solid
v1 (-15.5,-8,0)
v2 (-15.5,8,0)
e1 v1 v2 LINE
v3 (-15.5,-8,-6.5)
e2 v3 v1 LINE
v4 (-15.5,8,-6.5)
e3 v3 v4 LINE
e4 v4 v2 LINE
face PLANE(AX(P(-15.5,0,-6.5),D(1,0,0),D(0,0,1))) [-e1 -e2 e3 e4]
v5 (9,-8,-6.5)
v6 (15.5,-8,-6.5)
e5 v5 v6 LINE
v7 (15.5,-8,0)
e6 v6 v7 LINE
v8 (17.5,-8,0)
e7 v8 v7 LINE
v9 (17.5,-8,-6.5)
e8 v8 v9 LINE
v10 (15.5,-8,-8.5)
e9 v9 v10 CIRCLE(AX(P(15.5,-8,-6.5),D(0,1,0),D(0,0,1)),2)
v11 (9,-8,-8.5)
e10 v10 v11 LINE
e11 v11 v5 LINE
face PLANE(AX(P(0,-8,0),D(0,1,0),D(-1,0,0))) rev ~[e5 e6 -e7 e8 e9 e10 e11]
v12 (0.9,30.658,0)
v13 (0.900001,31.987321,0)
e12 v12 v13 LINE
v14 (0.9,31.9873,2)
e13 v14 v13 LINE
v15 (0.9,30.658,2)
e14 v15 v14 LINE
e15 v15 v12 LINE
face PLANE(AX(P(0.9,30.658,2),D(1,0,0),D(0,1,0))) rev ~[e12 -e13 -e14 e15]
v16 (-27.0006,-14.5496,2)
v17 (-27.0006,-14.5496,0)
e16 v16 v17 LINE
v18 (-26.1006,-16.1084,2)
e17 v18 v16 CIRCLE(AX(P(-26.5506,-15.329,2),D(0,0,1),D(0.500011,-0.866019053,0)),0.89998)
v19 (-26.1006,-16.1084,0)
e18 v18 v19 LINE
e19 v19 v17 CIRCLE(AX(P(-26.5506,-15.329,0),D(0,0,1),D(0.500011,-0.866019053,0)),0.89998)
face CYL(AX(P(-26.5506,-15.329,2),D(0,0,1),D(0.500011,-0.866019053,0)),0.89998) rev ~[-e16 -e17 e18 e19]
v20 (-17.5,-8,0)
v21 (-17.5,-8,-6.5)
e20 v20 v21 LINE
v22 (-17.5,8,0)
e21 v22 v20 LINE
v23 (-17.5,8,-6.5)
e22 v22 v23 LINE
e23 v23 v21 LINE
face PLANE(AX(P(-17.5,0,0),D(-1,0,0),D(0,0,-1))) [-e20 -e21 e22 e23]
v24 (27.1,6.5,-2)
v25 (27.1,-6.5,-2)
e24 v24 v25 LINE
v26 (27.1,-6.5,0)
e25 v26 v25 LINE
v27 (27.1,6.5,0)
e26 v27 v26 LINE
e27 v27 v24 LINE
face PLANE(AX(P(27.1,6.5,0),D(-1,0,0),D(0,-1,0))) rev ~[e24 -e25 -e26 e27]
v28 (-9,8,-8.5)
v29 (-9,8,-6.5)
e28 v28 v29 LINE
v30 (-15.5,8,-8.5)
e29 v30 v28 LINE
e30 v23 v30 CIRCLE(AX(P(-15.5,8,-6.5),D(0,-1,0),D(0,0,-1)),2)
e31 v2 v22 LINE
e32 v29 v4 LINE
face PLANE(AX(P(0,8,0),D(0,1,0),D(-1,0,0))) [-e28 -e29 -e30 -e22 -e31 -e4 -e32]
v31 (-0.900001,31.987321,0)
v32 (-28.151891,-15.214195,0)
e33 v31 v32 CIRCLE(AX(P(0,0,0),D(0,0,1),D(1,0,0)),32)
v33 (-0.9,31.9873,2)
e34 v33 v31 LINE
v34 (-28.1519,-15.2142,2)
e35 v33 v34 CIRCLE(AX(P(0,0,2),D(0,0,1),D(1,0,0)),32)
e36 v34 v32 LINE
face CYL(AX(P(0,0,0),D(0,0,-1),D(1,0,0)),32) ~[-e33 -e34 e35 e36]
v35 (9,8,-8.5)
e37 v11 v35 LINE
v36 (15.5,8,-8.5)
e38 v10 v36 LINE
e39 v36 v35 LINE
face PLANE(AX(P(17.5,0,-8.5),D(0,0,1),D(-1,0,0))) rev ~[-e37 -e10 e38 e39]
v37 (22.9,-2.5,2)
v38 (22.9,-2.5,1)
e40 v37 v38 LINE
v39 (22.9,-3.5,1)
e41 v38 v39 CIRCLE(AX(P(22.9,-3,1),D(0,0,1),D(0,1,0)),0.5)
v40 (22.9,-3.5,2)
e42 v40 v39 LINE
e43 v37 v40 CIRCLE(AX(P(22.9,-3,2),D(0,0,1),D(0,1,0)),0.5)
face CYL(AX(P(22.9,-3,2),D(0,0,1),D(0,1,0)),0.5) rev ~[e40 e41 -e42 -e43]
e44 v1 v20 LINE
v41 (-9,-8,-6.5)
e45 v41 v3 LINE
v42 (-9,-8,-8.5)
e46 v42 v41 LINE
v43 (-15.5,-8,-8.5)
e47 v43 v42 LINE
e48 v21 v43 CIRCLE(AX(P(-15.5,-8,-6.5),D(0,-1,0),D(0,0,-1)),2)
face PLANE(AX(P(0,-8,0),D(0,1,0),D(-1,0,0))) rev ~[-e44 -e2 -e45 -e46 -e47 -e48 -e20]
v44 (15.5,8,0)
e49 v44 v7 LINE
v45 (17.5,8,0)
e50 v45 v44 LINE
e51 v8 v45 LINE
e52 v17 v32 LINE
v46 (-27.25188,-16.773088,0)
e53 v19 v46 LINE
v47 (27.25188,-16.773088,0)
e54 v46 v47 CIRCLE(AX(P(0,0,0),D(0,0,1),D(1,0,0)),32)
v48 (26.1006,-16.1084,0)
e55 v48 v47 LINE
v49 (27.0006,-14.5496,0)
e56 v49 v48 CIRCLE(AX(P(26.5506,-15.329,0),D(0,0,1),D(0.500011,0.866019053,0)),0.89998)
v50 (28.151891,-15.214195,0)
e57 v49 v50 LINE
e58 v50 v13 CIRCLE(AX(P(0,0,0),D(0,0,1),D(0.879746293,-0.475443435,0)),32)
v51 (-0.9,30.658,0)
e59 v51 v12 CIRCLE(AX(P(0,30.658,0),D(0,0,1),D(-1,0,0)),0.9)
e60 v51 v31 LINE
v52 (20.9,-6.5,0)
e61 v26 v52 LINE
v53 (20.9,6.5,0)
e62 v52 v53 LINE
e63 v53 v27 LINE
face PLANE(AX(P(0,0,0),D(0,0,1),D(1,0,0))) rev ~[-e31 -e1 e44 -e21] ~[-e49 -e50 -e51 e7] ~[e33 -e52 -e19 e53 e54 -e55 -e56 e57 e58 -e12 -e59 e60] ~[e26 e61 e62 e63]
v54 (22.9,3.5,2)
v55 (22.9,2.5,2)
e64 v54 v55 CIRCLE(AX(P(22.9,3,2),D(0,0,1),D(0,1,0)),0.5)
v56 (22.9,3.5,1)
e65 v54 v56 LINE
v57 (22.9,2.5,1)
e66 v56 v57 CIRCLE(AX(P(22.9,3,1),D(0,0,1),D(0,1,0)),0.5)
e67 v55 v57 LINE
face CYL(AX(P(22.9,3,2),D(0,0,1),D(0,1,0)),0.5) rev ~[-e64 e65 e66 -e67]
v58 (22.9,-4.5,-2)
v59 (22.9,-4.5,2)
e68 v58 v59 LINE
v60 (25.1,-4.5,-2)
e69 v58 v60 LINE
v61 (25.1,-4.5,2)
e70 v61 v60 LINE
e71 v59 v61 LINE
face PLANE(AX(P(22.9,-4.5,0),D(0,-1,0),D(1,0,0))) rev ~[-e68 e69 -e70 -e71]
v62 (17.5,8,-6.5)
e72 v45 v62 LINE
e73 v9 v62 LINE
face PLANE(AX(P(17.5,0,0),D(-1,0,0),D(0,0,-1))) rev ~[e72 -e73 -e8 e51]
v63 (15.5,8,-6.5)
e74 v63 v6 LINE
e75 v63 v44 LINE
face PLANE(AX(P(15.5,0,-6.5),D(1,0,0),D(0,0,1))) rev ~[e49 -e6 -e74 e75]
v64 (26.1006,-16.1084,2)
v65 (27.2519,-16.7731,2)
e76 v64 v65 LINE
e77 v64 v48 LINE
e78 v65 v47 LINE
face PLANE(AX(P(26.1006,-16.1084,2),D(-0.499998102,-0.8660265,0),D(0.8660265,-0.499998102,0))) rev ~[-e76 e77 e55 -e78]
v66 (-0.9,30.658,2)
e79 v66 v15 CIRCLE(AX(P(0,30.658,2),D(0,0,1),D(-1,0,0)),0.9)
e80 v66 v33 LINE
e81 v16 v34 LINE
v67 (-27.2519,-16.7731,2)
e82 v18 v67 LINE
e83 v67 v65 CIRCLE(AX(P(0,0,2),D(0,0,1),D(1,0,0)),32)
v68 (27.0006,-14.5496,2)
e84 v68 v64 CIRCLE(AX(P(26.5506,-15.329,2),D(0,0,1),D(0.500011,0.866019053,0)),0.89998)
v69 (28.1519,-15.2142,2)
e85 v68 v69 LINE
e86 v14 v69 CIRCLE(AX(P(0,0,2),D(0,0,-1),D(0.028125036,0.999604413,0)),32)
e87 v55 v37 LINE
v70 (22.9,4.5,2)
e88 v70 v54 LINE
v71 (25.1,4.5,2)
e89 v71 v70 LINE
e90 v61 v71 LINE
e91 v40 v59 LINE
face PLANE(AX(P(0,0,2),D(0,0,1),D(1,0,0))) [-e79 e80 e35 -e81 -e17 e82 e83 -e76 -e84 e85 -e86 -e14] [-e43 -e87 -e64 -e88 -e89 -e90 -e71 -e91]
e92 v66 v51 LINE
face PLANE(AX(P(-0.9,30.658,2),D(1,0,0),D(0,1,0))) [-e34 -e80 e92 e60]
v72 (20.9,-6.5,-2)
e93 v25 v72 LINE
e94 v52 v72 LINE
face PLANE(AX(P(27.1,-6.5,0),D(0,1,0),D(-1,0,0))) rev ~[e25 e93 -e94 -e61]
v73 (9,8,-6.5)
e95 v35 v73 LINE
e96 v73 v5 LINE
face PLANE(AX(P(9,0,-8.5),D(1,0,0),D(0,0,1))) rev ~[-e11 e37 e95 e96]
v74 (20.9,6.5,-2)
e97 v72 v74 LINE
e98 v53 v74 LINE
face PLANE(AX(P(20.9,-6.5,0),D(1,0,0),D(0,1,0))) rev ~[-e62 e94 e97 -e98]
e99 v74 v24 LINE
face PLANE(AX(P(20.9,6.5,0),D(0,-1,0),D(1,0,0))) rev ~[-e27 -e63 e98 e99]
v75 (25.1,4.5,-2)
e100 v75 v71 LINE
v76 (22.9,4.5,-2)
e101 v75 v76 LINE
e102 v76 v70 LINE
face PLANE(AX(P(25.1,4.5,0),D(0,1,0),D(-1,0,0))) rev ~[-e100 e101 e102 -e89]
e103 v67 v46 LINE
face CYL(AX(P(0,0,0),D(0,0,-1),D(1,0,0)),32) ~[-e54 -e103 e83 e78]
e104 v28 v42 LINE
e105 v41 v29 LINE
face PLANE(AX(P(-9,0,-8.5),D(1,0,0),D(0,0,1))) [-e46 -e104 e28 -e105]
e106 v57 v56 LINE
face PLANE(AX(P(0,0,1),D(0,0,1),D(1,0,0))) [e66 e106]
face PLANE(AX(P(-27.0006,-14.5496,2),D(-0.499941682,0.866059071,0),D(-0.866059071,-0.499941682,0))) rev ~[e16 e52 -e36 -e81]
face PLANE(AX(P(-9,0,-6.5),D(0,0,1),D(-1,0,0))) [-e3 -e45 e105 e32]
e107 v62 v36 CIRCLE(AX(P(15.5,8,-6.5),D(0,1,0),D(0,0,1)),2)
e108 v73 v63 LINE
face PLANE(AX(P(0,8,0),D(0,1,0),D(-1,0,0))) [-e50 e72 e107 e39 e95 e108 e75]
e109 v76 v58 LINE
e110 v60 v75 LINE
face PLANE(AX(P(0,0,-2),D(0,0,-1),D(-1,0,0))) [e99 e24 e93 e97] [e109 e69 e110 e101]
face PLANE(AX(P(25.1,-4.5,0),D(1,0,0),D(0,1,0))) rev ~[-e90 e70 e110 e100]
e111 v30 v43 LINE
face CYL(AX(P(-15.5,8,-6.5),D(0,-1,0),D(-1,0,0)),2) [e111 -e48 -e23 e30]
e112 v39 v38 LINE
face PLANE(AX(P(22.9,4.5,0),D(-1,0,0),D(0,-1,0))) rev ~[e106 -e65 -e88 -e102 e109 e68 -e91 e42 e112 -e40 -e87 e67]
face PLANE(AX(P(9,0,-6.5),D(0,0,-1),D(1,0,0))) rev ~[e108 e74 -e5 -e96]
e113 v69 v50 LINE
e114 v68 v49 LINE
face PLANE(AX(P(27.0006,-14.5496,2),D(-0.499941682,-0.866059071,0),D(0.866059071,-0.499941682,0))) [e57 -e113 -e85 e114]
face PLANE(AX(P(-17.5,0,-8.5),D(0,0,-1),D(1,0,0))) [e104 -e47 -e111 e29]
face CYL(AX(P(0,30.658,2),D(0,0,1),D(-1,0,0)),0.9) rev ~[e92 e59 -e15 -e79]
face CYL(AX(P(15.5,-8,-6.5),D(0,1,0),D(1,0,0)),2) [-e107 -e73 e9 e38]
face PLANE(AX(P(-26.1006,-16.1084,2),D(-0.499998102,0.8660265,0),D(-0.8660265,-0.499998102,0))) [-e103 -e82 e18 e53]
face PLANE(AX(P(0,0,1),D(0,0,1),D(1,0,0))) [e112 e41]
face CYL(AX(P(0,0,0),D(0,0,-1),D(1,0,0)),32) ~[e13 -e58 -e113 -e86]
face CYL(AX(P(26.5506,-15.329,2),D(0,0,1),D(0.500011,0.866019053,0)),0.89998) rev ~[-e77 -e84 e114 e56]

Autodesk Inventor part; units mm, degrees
ref_plane "YZ Plane" through (0, 0, 0) normal (1, 0, 0) x (0, 1, 0)
ref_plane "XZ Plane" through (0, 0, 0) normal (0, 1, 0) x (-1, 0, 0)
ref_plane "XY Plane" through (0, 0, 0) normal (0, 0, 1) x (1, 0, 0)
sketch "Sketch1" plane through (0, 0, 0) normal (0, 0, 1) x (1, 0, 0)
  circle A0 centre (0, 0) radius 32
  dimension "d0" = 64
extrude "Extrusion1" add sketch "Sketch1" along normal blind 2
sketch "Sketch2" plane through (0, 0, 2) normal (0, 0, 1) x (1, 0, 0)
  line L0 (0, 0) -> (0, 32) construction
  circle A0 centre (0, 0) radius 32 construction
  arc A1 (-0.9, 30.658) -> (0.9, 30.658) centre (0, 30.658) ccw
  line L1 (-0.9, 30.658) -> (-0.9, 31.9873)
  line L2 (0.9, 30.658) -> (0.9, 31.9873)
  circle A2 centre (0, 0) radius 32 projected
  arc A3 (0.9, 31.9873) -> (-0.9, 31.9873) centre (0, 0) ccw
  arc A4 (-26.1006, -16.1084) -> (-27.0006, -14.5496) centre (-26.5506, -15.329) ccw
  line L3 (-26.1006, -16.1084) -> (-27.2519, -16.7731)
  line L4 (-27.0006, -14.5496) -> (-28.1519, -15.2142)
  arc A5 (-28.1519, -15.2142) -> (-27.2519, -16.7731) centre (0, 0) ccw
  arc A6 (27.0006, -14.5496) -> (26.1006, -16.1084) centre (26.5506, -15.329) ccw
  line L5 (27.0006, -14.5496) -> (28.1519, -15.2142)
  line L6 (26.1006, -16.1084) -> (27.2519, -16.7731)
  arc A7 (27.2519, -16.7731) -> (28.1519, -15.2142) centre (0, 0) ccw
  point P0 (-27.7128, -16)
  point P1 (27.7128, -16)
  dimension "d3" = 30.658
  dimension "d4" = 1.8
  dimension "d7" = 360
extrude "Extrusion2" cut sketch "Sketch2" against normal through all contours L1 A2 L2 A1 | L4 A4 L3 A2 | A2 L6 A6 L5
sketch "Sketch3" plane through (0, 0, 2) normal (0, 0, 1) x (1, 0, 0)
  line L0 (22.9, -4.5) -> (25.1, -4.5)
  line L1 (25.1, -4.5) -> (25.1, 4.5)
  line L2 (25.1, 4.5) -> (22.9, 4.5)
  line L3 (22.9, 4.5) -> (22.9, -4.5)
  line L4 (22.9, -4.5) -> (25.1, 4.5) construction
  line L5 (25.1, -4.5) -> (22.9, 4.5) construction
  circle A0 centre (0, 0) radius 28.815 construction
  point P0 (24, 0)
  dimension "d11" = 2.2
  dimension "d12" = 9
  dimension "d21" = 57.63
  dimension "d22" = 24
extrude "Extrusion3" cut sketch "Sketch3" against normal through all
sketch "Sketch4" plane through (0, 0, 2) normal (0, 0, 1) x (1, 0, 0)
  line L0 (25.1, 4.5) -> (25.1, -4.5) projected
  line L1 (25.1, -4.5) -> (22.9, -4.5) projected
  line L2 (22.9, -4.5) -> (22.9, 4.5) projected
  line L3 (22.9, 4.5) -> (25.1, 4.5) projected
  line L4 (-26.1006, -16.1084) -> (-27.2519, -16.7731) projected
  arc A0 (-27.2519, -16.7731) -> (27.2519, -16.7731) centre (0, 0) ccw projected
  line L5 (27.2519, -16.7731) -> (26.1006, -16.1084) projected
  arc A1 (27.0006, -14.5496) -> (26.1006, -16.1084) centre (26.5506, -15.329) ccw projected
  line L6 (27.0006, -14.5496) -> (28.1519, -15.2142) projected
  arc A2 (28.1519, -15.2142) -> (0.9, 31.9873) centre (0, 0) ccw projected
  line L7 (0.9, 31.9873) -> (0.9, 30.658) projected
  arc A3 (-0.9, 30.658) -> (0.9, 30.658) centre (0, 30.658) ccw projected
  line L8 (-0.9, 30.658) -> (-0.9, 31.9873) projected
  arc A4 (-0.9, 31.9873) -> (-28.1519, -15.2142) centre (0, 0) ccw projected
  line L9 (-28.1519, -15.2142) -> (-27.0006, -14.5496) projected
  arc A5 (-26.1006, -16.1084) -> (-27.0006, -14.5496) centre (-26.5506, -15.329) ccw projected
  line L10 (22.9, -4.5) -> (22.9, 4.5) projected
  line L11 (22.9, 0) -> (25.1, 0) construction
  arc A6 (22.9, 3.5) -> (22.9, 2.5) centre (22.9, 3) ccw
  arc A7 (22.9, -2.5) -> (22.9, -3.5) centre (22.9, -3) ccw
  line L12 (22.9, -2.5) -> (22.9, -3.5)
  line L13 (22.9, 3.5) -> (22.9, 2.5)
  dimension "d15" = 3
  dimension "d16" = 3
  dimension "d17" = 1
  dimension "d18" = 1
extrude "Extrusion4" cut sketch "Sketch4" against normal blind 1 contours L2 A6 | A7 L2
sketch "Sketch5" plane through (0, 0, 0) normal (0, 0, -1) x (-1, 0, 0)
  line L0 (-25.1, -4.5) -> (-25.1, 4.5) projected
  line L1 (-25.1, 4.5) -> (-22.9, 4.5) projected
  line L2 (-22.9, 4.5) -> (-22.9, -4.5) projected
  line L3 (-22.9, -4.5) -> (-25.1, -4.5) projected
  line L4 (27.2519, -16.7731) -> (26.1006, -16.1084) projected
  arc A0 (27.0006, -14.5496) -> (26.1006, -16.1084) centre (26.5506, -15.329) ccw projected
  line L5 (27.0006, -14.5496) -> (28.1519, -15.2142) projected
  arc A1 (28.1519, -15.2142) -> (0.9, 31.9873) centre (0, 0) ccw projected
  line L6 (0.9, 31.9873) -> (0.9, 30.658) projected
  arc A2 (-0.9, 30.658) -> (0.9, 30.658) centre (0, 30.658) ccw projected
  line L7 (-0.9, 30.658) -> (-0.9, 31.9873) projected
  arc A3 (-0.9, 31.9873) -> (-28.1519, -15.2142) centre (0, 0) ccw projected
  line L8 (-28.1519, -15.2142) -> (-27.0006, -14.5496) projected
  arc A4 (-26.1006, -16.1084) -> (-27.0006, -14.5496) centre (-26.5506, -15.329) ccw projected
  line L9 (-26.1006, -16.1084) -> (-27.2519, -16.7731) projected
  arc A5 (-27.2519, -16.7731) -> (27.2519, -16.7731) centre (0, 0) ccw projected
  line L10 (-22.9, 4.5) -> (-25.1, 4.5)
  line L11 (-25.1, 4.5) -> (-25.1, -4.5)
  line L12 (-25.1, -4.5) -> (-22.9, -4.5)
  line L13 (-22.9, -4.5) -> (-22.9, 4.5)
  line L14 (-22.9, 4.5) -> (-25.1, -4.5) construction
  line L15 (-25.1, 4.5) -> (-22.9, -4.5) construction
  line L16 (-20.9, 6.5) -> (-27.1, 6.5)
  line L17 (-27.1, 6.5) -> (-27.1, -6.5)
  line L18 (-27.1, -6.5) -> (-20.9, -6.5)
  line L19 (-20.9, -6.5) -> (-20.9, 6.5)
  circle A6 centre (0, 0) radius 28.815 construction
  point P0 (-24, 0)
  dimension "d23" = 2
  dimension "d24" = 57.63
extrude "Extrusion5" add sketch "Sketch5" along normal blind 2 contours L19 L18 L17 L16
sketch "Sketch6" plane through (0, 0, 0) normal (0, 1, 0) x (-1, 0, 0)
  line L0 (0, 0) -> (-15.5, 0) construction
  line L1 (-27.2519, 0) -> (27.2519, 0) projected
  line L2 (-15.5, 0) -> (-17.5, 0)
  line L3 (-17.5, 0) -> (-17.5, -8.5)
  line L4 (-17.5, -8.5) -> (-9, -8.5)
  line L5 (-9, -8.5) -> (-9, -6.5)
  line L6 (-9, -6.5) -> (-15.5, -6.5)
  line L7 (-15.5, -6.5) -> (-15.5, 0)
  line L8 (0, 0) -> (0, -14.0631) construction
  line L9 (15.5, 0) -> (17.5, 0)
  line L10 (17.5, 0) -> (17.5, -8.5)
  line L11 (17.5, -8.5) -> (9, -8.5)
  line L12 (9, -8.5) -> (9, -6.5)
  line L13 (9, -6.5) -> (15.5, -6.5)
  line L14 (15.5, -6.5) -> (15.5, 0)
  dimension "d27" = 15.5
  dimension "d28" = 2
  dimension "d29" = 8.5
  dimension "d30" = 8.5
  dimension "d31" = 2
extrude "Extrusion6" add sketch "Sketch6" along normal mid plane 16
fillet "Fillet1" radius 2 1 edges at (-17.5, 0, -8.5)
fillet "Fillet2" radius 2 1 edges at (17.5, 0, -8.5)
properties part number "joint_lid" material "Acetal Resin, Black"
